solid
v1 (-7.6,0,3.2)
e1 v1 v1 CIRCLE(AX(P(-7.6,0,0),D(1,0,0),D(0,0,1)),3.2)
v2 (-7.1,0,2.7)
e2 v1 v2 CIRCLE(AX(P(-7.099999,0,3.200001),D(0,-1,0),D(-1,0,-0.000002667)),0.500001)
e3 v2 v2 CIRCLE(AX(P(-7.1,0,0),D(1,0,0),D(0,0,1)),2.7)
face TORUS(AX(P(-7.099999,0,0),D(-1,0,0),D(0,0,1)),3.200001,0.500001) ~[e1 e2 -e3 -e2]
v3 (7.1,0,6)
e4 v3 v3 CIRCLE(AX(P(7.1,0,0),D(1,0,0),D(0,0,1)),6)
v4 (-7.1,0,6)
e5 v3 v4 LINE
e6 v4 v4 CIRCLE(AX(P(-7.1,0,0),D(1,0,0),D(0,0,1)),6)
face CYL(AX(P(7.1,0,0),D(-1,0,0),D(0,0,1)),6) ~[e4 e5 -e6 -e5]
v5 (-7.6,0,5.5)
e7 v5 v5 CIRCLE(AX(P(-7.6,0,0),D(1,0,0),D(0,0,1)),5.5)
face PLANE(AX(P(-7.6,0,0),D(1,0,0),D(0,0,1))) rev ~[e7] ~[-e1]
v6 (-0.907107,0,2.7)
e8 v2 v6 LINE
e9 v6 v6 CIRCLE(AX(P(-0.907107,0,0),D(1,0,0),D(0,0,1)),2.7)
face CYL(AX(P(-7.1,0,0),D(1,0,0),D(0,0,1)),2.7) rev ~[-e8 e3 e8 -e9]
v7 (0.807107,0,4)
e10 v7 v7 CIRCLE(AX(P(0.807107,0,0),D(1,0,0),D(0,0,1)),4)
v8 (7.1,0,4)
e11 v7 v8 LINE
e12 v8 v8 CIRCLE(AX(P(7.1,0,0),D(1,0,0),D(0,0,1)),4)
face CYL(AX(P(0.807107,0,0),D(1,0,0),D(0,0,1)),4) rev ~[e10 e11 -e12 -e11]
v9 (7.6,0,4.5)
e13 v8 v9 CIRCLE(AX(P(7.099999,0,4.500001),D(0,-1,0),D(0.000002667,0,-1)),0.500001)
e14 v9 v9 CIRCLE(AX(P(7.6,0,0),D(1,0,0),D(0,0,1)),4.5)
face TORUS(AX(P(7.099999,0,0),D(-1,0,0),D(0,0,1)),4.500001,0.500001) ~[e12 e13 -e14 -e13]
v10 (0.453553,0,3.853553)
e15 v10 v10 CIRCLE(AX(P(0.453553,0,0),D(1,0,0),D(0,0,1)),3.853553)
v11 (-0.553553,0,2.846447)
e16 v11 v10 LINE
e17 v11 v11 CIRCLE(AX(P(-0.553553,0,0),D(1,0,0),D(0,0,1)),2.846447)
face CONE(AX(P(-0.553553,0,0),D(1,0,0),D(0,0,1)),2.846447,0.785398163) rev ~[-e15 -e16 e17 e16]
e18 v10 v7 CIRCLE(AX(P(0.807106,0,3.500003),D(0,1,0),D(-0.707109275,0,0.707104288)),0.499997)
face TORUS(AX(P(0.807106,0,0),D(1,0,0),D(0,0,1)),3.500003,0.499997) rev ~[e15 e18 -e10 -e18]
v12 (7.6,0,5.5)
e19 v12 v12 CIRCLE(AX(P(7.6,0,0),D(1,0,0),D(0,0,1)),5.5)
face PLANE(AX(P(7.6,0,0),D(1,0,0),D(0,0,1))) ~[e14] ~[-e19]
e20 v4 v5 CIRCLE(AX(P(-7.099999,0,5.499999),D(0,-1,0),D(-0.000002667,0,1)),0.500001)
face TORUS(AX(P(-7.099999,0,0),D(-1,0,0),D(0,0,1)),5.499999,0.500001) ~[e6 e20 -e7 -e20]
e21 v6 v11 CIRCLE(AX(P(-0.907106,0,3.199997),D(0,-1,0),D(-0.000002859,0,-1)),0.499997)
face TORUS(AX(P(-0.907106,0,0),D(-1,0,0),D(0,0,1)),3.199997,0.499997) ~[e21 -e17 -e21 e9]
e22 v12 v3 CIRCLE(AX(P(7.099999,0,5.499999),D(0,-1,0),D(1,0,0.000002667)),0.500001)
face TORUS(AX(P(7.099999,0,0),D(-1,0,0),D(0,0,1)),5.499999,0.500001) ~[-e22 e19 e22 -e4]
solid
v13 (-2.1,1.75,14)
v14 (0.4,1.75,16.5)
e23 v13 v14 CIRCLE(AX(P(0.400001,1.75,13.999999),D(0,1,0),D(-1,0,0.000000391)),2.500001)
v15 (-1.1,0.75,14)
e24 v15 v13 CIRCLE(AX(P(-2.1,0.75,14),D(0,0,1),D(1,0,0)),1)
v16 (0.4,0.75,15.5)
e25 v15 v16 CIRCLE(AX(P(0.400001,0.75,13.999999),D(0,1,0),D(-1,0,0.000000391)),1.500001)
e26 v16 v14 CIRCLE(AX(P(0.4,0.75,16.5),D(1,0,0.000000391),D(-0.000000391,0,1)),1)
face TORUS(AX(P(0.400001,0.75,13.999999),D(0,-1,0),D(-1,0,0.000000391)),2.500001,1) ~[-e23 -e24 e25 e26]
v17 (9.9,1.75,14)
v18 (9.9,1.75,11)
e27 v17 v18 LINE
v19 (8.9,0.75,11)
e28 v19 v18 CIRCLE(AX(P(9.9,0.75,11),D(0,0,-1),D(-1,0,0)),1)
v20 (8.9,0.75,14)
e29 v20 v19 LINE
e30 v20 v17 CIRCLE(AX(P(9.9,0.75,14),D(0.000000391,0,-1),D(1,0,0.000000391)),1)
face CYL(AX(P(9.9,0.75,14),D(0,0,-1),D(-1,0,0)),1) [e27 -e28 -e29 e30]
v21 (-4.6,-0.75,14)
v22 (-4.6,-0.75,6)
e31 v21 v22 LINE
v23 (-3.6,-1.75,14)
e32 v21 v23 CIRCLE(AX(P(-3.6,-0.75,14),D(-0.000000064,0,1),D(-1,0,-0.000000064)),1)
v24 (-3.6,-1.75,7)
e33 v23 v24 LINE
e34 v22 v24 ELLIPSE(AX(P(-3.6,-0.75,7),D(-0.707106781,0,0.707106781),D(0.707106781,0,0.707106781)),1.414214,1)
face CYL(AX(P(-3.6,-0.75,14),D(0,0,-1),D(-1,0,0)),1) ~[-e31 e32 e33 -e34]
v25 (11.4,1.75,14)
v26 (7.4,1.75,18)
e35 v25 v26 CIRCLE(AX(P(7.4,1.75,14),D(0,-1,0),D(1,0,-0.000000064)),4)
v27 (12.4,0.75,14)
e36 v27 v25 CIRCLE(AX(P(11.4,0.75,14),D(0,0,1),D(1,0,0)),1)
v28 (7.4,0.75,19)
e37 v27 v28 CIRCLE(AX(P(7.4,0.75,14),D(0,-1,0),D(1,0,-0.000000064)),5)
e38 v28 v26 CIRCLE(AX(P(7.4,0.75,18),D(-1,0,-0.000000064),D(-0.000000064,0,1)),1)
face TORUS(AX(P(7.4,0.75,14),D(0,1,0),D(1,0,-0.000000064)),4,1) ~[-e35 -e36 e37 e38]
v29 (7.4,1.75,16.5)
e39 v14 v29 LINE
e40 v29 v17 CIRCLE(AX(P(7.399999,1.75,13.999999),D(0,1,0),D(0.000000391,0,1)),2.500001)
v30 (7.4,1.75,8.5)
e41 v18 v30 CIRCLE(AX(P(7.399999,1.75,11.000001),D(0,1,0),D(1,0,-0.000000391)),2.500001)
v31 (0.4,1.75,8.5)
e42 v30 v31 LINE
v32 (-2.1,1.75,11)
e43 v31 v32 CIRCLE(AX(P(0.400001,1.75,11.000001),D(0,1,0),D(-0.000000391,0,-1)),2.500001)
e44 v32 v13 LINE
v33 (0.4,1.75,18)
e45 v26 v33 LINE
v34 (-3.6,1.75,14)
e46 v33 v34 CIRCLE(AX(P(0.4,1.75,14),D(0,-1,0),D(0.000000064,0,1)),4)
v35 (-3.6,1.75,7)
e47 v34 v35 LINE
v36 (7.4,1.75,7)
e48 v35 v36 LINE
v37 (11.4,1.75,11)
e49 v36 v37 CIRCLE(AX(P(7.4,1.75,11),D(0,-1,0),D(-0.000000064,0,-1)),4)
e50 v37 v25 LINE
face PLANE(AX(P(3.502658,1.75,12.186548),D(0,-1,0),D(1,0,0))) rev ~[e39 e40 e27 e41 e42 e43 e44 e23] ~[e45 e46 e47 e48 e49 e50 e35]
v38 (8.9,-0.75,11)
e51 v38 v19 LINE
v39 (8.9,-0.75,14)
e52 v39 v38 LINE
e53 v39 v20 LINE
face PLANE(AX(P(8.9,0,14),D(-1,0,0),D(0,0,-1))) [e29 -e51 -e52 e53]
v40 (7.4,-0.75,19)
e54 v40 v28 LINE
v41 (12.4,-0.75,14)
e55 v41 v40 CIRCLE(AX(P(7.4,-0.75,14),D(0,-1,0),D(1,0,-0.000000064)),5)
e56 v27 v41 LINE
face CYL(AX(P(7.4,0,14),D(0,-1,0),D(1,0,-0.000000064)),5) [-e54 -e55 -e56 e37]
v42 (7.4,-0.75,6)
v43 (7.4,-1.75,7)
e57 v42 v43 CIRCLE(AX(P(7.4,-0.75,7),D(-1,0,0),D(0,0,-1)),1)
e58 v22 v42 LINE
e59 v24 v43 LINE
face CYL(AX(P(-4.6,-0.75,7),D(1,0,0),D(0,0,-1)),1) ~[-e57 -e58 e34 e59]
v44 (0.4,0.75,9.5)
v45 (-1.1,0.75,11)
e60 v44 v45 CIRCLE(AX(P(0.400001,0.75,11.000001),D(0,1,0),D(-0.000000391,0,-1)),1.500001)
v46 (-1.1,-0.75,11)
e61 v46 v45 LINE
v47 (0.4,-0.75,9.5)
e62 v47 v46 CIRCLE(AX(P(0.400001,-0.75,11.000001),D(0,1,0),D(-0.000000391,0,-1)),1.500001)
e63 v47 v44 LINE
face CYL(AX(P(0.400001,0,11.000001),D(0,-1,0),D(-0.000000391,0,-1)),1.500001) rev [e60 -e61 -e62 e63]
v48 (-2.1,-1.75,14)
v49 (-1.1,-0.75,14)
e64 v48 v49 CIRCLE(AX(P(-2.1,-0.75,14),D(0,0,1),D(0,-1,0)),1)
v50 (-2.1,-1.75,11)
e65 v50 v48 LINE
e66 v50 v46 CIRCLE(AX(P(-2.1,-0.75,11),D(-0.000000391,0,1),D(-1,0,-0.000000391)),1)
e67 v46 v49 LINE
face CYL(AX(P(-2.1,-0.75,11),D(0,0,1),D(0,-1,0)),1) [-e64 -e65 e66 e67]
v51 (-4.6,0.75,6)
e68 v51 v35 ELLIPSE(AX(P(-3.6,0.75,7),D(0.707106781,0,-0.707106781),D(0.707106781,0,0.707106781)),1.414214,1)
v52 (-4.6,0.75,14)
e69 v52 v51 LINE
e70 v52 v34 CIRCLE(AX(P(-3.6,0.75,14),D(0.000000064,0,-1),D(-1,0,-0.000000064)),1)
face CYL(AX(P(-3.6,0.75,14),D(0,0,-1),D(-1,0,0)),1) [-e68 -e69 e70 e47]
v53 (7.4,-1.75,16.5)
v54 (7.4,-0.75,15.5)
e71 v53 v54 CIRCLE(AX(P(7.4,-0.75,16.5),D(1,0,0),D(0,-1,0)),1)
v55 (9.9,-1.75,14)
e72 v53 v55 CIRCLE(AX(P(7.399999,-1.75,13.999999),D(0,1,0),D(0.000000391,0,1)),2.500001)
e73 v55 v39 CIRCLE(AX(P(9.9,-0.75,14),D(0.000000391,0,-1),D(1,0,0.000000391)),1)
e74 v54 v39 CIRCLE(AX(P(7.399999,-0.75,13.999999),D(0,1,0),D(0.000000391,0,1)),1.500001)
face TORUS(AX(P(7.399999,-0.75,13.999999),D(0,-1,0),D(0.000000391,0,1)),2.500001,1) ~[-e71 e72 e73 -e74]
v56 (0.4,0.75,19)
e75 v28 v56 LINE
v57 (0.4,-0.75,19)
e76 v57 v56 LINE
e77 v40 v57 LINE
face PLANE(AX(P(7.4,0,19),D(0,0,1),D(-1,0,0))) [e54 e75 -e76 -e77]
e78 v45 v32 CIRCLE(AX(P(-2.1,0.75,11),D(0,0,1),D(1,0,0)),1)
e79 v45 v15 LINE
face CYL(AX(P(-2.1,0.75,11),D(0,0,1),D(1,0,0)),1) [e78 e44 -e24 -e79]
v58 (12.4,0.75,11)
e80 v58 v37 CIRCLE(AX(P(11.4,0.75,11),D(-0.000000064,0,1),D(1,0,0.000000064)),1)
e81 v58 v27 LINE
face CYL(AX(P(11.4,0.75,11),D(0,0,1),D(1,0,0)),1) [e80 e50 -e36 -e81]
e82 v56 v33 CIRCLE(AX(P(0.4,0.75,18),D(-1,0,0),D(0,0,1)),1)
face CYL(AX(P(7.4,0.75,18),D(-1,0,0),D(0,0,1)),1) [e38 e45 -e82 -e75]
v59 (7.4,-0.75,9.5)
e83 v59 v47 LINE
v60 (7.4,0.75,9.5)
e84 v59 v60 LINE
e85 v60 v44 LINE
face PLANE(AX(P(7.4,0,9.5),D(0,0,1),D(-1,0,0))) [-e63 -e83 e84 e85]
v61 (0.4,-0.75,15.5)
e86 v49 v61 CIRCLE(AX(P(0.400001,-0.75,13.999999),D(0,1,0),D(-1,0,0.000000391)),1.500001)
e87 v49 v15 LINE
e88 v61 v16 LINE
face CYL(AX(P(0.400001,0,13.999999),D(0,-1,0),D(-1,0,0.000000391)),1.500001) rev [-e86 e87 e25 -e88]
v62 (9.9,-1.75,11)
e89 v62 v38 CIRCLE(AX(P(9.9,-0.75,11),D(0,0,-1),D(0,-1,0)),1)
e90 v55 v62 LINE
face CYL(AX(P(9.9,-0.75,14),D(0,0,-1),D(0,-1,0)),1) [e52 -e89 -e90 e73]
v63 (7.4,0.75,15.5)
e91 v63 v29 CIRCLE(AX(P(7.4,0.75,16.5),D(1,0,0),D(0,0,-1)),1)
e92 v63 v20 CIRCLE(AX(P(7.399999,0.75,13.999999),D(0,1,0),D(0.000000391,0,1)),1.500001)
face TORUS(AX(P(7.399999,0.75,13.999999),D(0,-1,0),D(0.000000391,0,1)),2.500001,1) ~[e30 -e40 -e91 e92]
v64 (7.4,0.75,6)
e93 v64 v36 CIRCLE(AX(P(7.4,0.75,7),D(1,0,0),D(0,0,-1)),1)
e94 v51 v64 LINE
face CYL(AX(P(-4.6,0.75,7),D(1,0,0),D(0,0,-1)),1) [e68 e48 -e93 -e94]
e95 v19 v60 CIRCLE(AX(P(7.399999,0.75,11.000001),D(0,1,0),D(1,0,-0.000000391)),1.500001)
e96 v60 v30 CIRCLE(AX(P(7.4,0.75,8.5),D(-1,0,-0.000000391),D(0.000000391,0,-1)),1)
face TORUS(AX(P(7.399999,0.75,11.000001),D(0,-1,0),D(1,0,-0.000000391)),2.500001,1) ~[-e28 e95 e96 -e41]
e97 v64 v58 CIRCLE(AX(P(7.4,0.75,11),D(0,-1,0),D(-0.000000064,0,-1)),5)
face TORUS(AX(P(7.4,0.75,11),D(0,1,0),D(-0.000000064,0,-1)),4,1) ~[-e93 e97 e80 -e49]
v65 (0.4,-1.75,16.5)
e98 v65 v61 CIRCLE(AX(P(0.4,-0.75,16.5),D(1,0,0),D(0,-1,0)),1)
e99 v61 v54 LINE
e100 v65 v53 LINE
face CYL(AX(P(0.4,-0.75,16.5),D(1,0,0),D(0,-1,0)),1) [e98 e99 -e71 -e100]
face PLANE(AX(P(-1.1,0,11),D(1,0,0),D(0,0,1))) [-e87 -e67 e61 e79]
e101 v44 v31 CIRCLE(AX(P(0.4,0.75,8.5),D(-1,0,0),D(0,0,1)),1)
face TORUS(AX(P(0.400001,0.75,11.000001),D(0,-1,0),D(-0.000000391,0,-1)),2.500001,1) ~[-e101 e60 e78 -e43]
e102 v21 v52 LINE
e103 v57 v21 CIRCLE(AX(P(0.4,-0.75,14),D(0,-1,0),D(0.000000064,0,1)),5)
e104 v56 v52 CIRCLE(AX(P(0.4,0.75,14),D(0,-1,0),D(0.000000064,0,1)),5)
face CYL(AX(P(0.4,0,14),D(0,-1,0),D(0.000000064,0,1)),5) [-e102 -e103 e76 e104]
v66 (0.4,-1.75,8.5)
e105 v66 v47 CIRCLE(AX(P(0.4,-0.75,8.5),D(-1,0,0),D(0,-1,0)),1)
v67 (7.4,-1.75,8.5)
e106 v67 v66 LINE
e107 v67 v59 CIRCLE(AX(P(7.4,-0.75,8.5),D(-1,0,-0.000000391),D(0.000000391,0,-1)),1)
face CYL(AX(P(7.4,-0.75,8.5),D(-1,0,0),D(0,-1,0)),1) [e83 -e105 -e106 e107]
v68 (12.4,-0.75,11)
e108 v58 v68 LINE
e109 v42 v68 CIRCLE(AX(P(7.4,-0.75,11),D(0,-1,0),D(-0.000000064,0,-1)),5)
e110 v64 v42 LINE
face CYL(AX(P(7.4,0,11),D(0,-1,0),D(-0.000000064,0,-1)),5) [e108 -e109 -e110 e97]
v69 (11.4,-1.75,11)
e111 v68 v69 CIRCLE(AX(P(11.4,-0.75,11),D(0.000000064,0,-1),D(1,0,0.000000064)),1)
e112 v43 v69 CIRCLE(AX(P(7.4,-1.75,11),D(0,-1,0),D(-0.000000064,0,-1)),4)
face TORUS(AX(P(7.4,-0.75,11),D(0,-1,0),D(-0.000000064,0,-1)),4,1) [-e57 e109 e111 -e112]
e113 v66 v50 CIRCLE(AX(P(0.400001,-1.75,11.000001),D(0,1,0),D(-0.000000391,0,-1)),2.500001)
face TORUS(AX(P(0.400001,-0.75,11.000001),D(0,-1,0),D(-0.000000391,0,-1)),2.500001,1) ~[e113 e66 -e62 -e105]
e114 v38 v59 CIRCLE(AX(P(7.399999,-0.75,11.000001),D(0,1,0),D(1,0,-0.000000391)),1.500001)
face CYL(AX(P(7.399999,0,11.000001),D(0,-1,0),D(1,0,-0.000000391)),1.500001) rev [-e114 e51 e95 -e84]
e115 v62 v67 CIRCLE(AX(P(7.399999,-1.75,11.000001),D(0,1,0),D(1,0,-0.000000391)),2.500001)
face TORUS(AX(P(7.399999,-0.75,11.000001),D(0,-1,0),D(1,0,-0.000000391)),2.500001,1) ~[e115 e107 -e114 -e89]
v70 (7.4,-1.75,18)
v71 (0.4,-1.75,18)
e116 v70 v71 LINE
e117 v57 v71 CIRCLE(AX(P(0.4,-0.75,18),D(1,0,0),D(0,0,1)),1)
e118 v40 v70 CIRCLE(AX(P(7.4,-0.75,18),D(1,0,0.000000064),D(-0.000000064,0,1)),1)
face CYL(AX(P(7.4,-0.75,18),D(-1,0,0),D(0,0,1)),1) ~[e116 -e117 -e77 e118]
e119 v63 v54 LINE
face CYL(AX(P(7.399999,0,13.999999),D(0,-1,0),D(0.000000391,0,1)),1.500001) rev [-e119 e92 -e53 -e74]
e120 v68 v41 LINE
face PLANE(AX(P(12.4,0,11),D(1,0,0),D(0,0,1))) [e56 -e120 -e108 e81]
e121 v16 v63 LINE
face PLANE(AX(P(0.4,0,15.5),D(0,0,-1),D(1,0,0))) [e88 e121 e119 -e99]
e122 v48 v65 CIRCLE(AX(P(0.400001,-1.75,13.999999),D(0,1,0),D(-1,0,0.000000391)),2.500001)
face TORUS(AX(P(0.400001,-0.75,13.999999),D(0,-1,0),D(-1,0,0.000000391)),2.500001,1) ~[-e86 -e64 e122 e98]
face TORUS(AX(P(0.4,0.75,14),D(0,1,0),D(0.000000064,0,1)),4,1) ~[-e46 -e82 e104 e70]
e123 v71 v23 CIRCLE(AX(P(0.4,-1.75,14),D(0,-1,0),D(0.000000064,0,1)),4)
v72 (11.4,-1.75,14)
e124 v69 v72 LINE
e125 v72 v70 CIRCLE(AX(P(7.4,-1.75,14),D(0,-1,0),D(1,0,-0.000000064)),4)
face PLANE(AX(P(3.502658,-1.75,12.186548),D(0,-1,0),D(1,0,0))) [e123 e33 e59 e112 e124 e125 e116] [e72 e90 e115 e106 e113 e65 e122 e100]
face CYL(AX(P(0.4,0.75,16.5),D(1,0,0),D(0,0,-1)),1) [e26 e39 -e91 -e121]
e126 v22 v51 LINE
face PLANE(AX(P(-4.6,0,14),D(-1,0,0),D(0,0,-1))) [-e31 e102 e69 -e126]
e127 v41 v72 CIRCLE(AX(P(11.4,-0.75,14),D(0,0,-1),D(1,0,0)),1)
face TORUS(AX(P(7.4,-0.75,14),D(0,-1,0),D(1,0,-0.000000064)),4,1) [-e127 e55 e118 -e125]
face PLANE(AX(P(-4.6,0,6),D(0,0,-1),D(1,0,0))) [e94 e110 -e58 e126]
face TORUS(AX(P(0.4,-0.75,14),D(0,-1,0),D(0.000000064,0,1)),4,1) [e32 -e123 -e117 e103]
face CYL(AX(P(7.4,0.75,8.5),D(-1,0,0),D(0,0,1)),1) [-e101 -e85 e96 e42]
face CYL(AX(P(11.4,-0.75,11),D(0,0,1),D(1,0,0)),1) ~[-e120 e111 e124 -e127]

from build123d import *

# Parameters (mm, degrees)
F2_DEPTH = 1.75
F4_R     = 1


with BuildPart() as f2:
    # F1 (on Front) → F2 (new body, symmetric)
    with BuildSketch(Plane.XZ):
        with BuildLine():
            Line((-4.6, 8.282413), (-4.6, 6))
            Line((-4.6, 6), (7.4, 6))
            ThreePointArc((7.4, 6), (10.935534, 7.464466), (12.4, 11))
            Line((12.4, 11), (12.4, 14))
            ThreePointArc((12.4, 14), (10.935534, 17.535534), (7.4, 19))
            Line((7.4, 19), (0.4, 19))
            ThreePointArc((0.4, 19), (-3.135534, 17.535534), (-4.6, 14))
            Line((-4.6, 14), (-4.6, 8.282413))
        make_face()
        with BuildLine():
            ThreePointArc((7.4, 15.5), (8.46066, 15.06066), (8.9, 14))
            Line((8.9, 14), (8.9, 11))
            ThreePointArc((8.9, 11), (8.46066, 9.93934), (7.4, 9.5))
            Line((7.4, 9.5), (0.4, 9.5))
            ThreePointArc((0.4, 9.5), (-0.66066, 9.93934), (-1.1, 11))
            Line((-1.1, 11), (-1.1, 14))
            ThreePointArc((-1.1, 14), (-0.66066, 15.06066), (0.4, 15.5))
            Line((0.4, 15.5), (7.4, 15.5))
        make_face(mode=Mode.SUBTRACT)
    extrude(amount=F2_DEPTH, both=True)

    # F4
    f4_edges = [f2.edges().sort_by_distance(p)[0] for p in [
        (3.9, -1.75, 19),
        (3.9, -1.75, 15.5),
        (-1.1, 1.75, 12.5),
        (10.935534, 1.75, 17.535534),
    ]]
    fillet(f4_edges, radius=F4_R)


with BuildPart() as f3:
    # F0 (on Front) → F3 (revolve)
    with BuildSketch(Plane.XZ):
        with BuildLine():
            Line((7.1, 6), (-7.1, 6))
            ThreePointArc((-7.1, 6), (-7.453553, 5.853553), (-7.6, 5.5))
            Line((-7.6, 5.5), (-7.6, 3.2))
            ThreePointArc((-7.6, 3.2), (-7.453553, 2.846447), (-7.1, 2.7))
            Line((-7.1, 2.7), (-0.907107, 2.7))
            ThreePointArc((-0.907107, 2.7), (-0.715765, 2.73806), (-0.553553, 2.846447))
            Line((-0.553553, 2.846447), (0.453553, 3.853553))
            ThreePointArc((0.453553, 3.853553), (0.615765, 3.96194), (0.807107, 4))
            Line((0.807107, 4), (7.1, 4))
            ThreePointArc((7.1, 4), (7.453553, 4.146447), (7.6, 4.5))
            Line((7.6, 4.5), (7.6, 5.5))
            ThreePointArc((7.6, 5.5), (7.453553, 5.853553), (7.1, 6))
        make_face()
    revolve(axis=Axis((-2.401199, 0, 0), (1, 0, 0)))


solid = Compound([f2.part, f3.part])
